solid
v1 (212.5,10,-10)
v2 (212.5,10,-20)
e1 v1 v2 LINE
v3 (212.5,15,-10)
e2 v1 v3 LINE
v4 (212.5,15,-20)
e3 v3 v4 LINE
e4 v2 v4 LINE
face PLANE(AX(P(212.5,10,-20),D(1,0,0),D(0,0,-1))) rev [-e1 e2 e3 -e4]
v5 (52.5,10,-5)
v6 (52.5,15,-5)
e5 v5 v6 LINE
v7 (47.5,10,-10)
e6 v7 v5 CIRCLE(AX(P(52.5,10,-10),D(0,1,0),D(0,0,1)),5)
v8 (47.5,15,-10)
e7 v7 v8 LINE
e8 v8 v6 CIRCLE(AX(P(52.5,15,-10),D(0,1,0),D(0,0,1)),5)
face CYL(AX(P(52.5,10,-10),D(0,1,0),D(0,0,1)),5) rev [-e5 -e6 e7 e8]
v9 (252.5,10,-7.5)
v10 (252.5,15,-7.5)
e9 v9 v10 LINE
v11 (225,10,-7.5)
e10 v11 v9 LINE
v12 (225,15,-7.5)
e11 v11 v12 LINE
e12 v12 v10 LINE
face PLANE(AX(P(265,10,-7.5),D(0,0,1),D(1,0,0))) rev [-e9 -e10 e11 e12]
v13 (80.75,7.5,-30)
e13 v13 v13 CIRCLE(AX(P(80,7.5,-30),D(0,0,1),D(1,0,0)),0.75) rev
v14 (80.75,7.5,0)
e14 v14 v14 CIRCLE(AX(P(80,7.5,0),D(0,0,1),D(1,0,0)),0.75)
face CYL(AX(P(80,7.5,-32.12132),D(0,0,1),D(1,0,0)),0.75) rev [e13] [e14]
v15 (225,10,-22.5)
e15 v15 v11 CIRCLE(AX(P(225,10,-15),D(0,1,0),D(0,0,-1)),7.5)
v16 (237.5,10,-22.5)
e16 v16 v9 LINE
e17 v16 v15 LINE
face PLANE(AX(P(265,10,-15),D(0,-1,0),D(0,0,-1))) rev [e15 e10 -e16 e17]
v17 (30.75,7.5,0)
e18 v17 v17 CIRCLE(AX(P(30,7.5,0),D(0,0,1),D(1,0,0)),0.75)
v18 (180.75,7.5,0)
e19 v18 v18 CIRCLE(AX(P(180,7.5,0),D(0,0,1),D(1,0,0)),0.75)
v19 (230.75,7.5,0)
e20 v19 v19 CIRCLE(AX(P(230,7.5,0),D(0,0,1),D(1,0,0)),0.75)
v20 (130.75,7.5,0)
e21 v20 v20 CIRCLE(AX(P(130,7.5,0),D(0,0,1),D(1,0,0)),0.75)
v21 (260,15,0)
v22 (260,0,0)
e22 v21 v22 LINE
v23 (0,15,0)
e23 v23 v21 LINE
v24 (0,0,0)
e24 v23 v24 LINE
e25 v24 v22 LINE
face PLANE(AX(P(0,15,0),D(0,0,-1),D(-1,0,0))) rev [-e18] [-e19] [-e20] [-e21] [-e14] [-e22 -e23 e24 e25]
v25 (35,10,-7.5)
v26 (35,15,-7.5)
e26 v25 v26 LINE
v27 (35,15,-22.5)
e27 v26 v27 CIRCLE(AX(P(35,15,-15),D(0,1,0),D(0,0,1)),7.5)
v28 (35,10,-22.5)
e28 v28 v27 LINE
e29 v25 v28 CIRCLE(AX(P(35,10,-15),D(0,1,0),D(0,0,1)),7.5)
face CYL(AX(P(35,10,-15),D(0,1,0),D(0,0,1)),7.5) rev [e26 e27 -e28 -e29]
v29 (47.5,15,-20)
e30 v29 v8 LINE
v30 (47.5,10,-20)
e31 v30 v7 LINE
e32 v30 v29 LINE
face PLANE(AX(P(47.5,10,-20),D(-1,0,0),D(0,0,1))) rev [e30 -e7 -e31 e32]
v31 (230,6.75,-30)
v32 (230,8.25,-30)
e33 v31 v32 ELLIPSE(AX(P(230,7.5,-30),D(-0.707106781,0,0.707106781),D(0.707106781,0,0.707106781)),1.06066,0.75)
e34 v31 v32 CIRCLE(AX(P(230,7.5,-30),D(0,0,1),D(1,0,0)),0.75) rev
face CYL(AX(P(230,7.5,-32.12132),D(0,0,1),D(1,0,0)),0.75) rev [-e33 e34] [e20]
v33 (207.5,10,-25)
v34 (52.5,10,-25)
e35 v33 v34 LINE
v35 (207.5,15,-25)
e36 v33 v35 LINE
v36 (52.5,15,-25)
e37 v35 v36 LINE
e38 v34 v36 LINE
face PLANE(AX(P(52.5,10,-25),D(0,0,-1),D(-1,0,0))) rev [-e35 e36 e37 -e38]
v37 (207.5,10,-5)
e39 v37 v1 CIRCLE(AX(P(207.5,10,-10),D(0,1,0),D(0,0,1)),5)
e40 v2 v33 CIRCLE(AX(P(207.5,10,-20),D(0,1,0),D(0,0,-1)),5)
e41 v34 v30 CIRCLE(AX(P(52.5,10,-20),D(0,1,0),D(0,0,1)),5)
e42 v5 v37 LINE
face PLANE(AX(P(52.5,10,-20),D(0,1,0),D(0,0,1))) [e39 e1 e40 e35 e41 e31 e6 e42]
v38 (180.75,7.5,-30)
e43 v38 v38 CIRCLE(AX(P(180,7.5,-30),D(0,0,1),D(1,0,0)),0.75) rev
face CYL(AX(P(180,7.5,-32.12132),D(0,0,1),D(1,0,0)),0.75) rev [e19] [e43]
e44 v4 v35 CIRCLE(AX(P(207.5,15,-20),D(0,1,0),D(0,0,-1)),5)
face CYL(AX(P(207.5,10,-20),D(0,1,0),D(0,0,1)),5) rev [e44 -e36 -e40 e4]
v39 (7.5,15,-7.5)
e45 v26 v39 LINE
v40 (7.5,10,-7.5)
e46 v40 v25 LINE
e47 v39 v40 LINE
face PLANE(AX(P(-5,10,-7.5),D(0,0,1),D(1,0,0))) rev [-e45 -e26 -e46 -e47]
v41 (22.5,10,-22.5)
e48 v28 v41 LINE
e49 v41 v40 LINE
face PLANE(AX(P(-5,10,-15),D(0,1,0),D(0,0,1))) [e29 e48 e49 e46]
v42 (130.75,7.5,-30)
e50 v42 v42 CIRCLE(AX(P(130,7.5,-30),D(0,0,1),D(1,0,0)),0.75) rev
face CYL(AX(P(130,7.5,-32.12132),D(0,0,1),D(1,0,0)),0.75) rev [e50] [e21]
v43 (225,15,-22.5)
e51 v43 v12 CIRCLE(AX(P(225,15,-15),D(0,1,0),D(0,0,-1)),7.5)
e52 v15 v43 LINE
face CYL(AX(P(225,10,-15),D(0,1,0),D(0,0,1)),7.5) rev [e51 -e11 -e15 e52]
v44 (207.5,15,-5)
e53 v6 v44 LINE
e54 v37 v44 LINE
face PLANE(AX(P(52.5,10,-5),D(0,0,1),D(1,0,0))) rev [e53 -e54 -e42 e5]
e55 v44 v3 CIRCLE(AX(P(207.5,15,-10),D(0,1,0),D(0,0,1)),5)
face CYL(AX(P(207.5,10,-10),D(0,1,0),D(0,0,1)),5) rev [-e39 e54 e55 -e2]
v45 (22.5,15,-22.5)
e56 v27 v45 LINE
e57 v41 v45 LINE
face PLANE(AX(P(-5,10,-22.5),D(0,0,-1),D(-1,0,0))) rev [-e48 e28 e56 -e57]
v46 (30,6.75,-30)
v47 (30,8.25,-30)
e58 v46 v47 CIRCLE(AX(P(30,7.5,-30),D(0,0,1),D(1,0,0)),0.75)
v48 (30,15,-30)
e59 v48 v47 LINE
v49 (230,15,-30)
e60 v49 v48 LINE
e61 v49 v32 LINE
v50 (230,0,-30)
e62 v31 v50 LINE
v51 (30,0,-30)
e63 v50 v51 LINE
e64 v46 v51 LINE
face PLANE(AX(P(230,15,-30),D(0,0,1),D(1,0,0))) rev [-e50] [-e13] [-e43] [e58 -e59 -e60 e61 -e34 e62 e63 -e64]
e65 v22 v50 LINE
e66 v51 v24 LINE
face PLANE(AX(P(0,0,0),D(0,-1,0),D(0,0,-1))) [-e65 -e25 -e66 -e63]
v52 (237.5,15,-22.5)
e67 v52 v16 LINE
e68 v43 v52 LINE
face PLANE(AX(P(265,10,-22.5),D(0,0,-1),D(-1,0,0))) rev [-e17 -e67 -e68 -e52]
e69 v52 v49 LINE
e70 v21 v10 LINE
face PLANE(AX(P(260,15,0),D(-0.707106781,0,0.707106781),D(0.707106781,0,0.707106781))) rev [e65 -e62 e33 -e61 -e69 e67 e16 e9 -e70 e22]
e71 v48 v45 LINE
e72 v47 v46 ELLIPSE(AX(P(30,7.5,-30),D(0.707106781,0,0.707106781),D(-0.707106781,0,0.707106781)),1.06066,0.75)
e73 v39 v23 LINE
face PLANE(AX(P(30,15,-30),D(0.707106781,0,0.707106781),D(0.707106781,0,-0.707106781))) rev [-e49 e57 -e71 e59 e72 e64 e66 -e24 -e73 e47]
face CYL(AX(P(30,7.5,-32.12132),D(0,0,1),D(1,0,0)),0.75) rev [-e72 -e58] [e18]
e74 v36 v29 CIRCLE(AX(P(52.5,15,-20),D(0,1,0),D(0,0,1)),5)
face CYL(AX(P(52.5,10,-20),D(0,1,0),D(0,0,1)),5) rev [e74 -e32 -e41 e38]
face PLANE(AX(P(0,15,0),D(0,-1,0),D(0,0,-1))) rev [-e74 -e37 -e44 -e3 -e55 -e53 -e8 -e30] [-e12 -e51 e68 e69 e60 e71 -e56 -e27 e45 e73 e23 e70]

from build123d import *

# Parameters (mm, degrees)
BOSS_EXTRUDE1_DEPTH = 15
CUT_EXTRUDE1_DEPTH  = 5
SKETCH3_R           = 0.75
CUT_EXTRUDE2_DEPTH  = 30
CUT_EXTRUDE3_DEPTH  = 5


with BuildPart() as part:
    # Sketch1 → Boss-Extrude1 (new body)
    with BuildSketch(Plane(origin=(0, 0, 0), x_dir=(1, 0, 0), z_dir=(0, 1, 0))):
        Polygon((0, 0), (260, 0), (230, 30), (30, 30), align=None)
    extrude(amount=BOSS_EXTRUDE1_DEPTH)

    # Sketch2 → Cut-Extrude1 (cut)
    with BuildSketch(Plane(origin=(0, 15, 0), x_dir=(1, 0, 0), z_dir=(0, 1, 0))):
        with BuildLine():
            Line((-5, 22.5), (35, 22.5))
            ThreePointArc((35, 22.5), (42.5, 15), (35, 7.5))
            Line((35, 7.5), (-5, 7.5))
            ThreePointArc((-5, 7.5), (-12.5, 15), (-5, 22.5))
        make_face()
        with BuildLine():
            Line((265, 22.5), (225, 22.5))
            ThreePointArc((225, 22.5), (217.5, 15), (225, 7.5))
            Line((225, 7.5), (265, 7.5))
            ThreePointArc((265, 7.5), (272.5, 15), (265, 22.5))
        make_face()
    extrude(amount=-CUT_EXTRUDE1_DEPTH, mode=Mode.SUBTRACT)

    # Sketch3 → Cut-Extrude2 (cut)
    with BuildSketch(Plane.XY):
        with Locations((130, 7.5)):
            Circle(SKETCH3_R)
        with Locations((180, 7.5)):
            Circle(SKETCH3_R)
        with Locations((230, 7.5)):
            Circle(SKETCH3_R)
        with Locations((80, 7.5)):
            Circle(SKETCH3_R)
        with Locations((30, 7.5)):
            Circle(SKETCH3_R)
    extrude(amount=-CUT_EXTRUDE2_DEPTH, mode=Mode.SUBTRACT)

    # Sketch4 → Cut-Extrude3 (cut)
    with BuildSketch(Plane(origin=(0, 15, 0), x_dir=(1, 0, 0), z_dir=(0, 1, 0))):
        with BuildLine():
            Line((52.5, 25), (207.5, 25))
            ThreePointArc((207.5, 25), (211.035533906, 23.535533906), (212.5, 20))
            Line((212.5, 20), (212.5, 10))
            ThreePointArc((212.5, 10), (211.035533906, 6.464466094), (207.5, 5))
            Line((207.5, 5), (52.5, 5))
            ThreePointArc((52.5, 5), (48.964466094, 6.464466094), (47.5, 10))
            Line((47.5, 10), (47.5, 20))
            ThreePointArc((47.5, 20), (48.964466094, 23.535533906), (52.5, 25))
        make_face()
    extrude(amount=-CUT_EXTRUDE3_DEPTH, mode=Mode.SUBTRACT)


solid = part.part
